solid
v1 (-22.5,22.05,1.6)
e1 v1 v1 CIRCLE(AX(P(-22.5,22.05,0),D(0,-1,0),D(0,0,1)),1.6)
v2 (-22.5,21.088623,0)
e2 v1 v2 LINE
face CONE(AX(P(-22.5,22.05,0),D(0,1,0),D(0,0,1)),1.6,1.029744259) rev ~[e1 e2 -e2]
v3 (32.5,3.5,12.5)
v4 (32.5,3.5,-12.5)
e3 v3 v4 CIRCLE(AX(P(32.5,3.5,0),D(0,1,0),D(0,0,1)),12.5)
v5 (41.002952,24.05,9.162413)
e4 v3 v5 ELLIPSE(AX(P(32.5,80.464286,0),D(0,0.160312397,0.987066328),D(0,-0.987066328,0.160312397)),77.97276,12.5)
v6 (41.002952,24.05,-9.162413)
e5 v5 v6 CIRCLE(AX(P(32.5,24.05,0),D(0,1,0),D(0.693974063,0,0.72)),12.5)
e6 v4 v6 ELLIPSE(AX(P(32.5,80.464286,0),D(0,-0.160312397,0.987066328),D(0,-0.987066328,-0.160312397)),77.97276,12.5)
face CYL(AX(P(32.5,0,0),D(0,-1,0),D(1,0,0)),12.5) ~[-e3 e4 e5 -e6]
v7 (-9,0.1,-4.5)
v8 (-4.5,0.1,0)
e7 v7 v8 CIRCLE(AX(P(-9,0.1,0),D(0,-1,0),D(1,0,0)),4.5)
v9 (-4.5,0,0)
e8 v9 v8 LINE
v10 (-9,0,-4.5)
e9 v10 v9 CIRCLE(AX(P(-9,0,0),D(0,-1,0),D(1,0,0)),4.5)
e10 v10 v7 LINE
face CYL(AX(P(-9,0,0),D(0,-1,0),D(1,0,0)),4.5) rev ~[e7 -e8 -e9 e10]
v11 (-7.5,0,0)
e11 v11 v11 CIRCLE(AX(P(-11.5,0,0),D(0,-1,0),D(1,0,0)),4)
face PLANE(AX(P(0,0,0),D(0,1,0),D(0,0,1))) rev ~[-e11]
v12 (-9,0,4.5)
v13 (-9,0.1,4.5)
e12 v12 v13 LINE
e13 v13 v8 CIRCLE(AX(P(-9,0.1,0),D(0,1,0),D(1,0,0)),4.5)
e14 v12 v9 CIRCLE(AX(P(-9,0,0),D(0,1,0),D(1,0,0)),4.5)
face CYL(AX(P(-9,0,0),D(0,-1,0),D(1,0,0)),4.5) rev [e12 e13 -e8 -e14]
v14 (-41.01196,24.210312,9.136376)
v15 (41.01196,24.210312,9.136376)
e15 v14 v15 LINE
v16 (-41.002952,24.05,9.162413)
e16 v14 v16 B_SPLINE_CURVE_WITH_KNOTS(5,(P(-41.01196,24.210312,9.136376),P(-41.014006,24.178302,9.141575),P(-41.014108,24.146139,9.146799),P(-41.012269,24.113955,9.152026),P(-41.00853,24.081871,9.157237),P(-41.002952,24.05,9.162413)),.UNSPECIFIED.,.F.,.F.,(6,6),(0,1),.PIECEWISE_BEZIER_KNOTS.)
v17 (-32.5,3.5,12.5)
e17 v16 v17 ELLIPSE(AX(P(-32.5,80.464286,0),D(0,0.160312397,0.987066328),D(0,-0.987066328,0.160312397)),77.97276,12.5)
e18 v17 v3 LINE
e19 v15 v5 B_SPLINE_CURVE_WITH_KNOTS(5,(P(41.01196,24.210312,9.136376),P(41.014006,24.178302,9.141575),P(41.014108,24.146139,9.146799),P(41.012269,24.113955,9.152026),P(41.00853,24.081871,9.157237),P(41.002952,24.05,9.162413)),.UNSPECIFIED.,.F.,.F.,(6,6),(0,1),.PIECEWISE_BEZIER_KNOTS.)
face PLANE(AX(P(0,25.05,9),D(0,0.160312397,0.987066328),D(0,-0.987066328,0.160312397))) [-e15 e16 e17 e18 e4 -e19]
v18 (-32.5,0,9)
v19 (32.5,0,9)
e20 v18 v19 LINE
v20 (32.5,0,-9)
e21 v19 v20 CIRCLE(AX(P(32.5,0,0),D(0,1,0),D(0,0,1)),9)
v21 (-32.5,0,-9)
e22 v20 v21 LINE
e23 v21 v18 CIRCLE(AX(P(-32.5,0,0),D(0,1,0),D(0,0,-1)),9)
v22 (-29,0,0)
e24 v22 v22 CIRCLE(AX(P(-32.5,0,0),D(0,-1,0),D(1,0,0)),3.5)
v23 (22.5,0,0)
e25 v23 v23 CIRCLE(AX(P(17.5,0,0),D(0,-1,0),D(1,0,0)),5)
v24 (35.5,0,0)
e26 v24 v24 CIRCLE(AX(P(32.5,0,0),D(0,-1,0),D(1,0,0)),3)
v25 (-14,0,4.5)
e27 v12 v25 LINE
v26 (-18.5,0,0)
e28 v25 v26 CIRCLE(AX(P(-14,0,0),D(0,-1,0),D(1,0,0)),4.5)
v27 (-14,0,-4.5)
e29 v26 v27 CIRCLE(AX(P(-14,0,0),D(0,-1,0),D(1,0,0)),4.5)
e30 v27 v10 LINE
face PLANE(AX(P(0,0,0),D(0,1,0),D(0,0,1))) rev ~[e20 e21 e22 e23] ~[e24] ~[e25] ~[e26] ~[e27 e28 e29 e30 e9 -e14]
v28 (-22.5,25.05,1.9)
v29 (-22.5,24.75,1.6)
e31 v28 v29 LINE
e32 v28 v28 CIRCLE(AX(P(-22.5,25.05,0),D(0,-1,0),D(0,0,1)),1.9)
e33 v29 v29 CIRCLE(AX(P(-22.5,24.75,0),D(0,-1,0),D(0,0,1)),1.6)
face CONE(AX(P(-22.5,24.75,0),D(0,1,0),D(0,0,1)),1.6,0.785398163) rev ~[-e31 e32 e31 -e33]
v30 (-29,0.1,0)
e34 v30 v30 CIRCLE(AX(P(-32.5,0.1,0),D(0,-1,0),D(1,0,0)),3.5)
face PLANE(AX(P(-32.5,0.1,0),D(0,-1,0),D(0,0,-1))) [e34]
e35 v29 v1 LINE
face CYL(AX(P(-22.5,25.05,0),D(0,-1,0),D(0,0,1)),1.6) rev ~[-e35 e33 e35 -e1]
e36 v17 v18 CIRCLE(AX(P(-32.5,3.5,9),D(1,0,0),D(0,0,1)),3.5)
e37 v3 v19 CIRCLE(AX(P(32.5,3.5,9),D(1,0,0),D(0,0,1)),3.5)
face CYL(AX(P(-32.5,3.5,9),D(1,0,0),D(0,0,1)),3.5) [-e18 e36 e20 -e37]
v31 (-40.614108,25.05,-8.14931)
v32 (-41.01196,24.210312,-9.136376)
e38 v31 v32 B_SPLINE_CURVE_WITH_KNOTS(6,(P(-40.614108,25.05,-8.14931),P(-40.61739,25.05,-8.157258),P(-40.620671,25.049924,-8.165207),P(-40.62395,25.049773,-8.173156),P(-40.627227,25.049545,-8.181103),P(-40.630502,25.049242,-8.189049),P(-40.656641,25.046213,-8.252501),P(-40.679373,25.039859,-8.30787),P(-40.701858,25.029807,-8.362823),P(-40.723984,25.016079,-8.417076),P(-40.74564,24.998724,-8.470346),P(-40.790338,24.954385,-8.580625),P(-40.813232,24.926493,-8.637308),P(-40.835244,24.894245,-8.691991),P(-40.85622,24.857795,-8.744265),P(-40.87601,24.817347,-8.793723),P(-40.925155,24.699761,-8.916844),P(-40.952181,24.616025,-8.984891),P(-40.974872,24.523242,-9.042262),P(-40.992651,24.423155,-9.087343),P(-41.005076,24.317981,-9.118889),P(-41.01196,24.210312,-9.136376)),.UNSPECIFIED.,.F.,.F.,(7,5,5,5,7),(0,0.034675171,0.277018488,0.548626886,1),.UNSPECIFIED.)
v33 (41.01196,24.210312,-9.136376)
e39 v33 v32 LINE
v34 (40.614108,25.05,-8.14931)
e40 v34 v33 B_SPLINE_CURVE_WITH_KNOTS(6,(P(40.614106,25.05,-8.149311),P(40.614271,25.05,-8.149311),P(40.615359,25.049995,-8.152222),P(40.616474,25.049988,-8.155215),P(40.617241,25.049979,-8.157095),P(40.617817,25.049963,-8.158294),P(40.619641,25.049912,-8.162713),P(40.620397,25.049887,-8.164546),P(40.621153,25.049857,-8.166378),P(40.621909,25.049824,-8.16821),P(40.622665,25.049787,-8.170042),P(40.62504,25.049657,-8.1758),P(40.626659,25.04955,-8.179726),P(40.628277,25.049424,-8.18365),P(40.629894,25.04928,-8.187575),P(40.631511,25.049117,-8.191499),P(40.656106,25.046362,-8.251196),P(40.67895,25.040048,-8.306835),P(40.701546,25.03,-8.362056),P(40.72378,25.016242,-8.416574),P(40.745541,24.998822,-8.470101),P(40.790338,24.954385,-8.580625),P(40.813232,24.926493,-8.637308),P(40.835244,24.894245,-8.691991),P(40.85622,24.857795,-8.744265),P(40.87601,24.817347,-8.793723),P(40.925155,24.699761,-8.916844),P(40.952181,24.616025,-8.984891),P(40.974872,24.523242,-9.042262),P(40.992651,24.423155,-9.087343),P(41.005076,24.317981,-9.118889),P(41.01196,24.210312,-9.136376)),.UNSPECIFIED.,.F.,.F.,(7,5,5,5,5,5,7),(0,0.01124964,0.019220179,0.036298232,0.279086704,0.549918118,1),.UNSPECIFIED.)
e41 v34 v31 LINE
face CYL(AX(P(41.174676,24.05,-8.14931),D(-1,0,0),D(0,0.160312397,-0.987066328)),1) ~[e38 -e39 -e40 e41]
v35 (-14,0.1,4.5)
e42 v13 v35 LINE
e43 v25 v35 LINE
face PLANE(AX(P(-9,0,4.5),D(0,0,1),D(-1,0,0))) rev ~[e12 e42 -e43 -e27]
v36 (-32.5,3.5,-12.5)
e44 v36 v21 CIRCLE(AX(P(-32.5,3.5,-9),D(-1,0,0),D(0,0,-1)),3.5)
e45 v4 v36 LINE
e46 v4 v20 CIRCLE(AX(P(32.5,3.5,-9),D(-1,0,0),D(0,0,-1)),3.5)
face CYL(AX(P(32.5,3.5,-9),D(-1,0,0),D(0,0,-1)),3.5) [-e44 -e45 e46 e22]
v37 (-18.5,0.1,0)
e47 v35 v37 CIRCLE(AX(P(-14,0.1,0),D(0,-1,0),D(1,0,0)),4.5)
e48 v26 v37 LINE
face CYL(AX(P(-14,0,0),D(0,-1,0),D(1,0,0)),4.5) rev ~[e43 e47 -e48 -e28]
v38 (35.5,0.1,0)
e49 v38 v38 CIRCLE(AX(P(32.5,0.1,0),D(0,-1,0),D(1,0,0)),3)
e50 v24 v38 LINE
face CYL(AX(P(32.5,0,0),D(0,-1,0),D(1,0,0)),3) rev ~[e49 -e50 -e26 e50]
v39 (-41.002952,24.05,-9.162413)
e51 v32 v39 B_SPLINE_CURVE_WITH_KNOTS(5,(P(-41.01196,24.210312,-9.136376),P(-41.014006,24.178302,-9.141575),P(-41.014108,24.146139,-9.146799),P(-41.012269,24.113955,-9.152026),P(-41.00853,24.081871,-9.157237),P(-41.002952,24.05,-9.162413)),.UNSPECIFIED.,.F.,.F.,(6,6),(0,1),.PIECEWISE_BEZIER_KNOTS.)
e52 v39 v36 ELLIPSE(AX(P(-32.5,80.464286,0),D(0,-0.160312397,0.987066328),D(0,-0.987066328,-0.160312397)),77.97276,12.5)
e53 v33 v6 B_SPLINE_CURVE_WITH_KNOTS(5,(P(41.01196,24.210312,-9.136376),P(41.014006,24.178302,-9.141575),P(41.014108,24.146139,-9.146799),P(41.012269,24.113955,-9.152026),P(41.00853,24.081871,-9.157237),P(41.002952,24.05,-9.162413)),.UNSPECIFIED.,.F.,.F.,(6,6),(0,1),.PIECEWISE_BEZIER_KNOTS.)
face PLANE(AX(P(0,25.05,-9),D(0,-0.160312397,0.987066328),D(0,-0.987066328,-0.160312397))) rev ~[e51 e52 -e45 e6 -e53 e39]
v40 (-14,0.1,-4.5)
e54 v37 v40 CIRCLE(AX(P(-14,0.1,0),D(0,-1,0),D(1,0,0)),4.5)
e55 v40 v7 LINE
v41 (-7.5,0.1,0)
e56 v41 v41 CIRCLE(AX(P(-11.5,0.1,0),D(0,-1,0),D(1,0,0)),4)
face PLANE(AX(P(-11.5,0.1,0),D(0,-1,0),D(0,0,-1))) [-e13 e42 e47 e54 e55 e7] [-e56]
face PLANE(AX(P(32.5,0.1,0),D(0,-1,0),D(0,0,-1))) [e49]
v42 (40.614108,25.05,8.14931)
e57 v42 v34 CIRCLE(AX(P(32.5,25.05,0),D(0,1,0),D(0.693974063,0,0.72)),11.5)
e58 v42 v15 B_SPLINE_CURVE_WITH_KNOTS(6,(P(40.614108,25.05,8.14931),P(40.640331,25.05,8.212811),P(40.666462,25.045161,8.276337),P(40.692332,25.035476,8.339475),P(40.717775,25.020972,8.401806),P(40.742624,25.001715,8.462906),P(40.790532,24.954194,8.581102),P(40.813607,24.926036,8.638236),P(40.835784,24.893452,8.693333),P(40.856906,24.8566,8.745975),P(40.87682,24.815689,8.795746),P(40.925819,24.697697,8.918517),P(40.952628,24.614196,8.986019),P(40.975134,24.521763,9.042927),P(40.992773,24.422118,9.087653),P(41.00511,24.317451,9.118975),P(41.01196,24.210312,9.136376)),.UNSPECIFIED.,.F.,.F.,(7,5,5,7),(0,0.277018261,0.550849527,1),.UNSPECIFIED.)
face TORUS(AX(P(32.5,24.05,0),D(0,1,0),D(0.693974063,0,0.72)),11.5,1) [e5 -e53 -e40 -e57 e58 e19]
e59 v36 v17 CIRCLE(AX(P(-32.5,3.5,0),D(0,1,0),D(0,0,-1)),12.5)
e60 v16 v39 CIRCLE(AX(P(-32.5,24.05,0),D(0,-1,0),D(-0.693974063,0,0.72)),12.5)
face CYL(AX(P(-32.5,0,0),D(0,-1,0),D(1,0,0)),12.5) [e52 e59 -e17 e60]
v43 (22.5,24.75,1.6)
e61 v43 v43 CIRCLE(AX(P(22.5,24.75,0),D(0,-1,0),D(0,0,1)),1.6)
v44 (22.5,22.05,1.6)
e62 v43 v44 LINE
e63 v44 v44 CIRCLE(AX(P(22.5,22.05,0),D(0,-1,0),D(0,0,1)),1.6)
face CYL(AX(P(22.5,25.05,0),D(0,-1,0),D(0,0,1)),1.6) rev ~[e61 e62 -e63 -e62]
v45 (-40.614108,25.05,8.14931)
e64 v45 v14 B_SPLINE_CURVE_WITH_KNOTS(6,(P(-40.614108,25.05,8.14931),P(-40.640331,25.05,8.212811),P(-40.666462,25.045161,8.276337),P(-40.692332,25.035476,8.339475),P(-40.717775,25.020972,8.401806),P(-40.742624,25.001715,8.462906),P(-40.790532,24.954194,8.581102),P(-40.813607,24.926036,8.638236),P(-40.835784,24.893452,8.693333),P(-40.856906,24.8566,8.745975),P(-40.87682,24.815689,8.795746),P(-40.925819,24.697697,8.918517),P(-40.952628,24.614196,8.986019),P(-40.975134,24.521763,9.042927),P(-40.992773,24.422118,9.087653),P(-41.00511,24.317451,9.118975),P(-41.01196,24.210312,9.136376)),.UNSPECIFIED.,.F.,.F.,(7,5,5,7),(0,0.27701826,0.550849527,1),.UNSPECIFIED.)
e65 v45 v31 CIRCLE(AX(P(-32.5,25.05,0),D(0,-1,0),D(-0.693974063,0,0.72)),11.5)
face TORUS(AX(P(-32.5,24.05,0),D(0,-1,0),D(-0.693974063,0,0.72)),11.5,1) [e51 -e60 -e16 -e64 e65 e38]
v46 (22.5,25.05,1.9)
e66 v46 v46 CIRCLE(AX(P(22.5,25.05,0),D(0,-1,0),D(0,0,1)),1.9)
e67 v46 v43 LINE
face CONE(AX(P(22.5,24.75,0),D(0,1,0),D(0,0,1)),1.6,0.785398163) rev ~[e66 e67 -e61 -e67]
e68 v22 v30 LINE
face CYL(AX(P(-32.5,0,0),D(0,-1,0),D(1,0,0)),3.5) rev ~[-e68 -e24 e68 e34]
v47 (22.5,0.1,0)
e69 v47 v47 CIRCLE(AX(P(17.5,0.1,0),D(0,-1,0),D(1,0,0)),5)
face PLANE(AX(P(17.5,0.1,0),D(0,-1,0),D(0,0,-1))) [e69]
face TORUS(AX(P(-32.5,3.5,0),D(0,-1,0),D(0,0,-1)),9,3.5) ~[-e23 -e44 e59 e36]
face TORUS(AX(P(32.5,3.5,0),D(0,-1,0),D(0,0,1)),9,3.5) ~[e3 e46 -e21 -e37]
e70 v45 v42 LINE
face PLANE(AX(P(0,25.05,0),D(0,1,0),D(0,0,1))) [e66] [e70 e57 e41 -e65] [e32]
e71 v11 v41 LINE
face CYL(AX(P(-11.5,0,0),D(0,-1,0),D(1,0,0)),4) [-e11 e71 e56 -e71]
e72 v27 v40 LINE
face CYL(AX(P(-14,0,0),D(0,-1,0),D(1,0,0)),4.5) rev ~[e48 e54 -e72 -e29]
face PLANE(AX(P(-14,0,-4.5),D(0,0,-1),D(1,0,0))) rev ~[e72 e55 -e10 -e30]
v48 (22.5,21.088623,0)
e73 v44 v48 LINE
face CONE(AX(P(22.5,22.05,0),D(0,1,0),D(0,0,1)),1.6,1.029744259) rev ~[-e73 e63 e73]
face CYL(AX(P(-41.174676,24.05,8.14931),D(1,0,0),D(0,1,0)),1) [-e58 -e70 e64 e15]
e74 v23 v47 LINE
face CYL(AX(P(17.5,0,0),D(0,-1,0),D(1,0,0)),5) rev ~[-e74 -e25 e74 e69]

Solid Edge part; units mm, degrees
sketch "Sketch1" plane through (0, 0, 0) normal (0, -1, 0) x (1, 0, 0)
  arc A0 (32.5, 12.5) -> (32.5, -12.5) centre (32.5, 0) cw
  line L0 (-32.5, -12.5) -> (32.5, -12.5)
  arc A1 (-32.5, 12.5) -> (-32.5, -12.5) centre (-32.5, 0) ccw
  line L1 (-32.5, 12.5) -> (32.5, 12.5)
extrude "Protrusion1" add sketch "Sketch1" against normal blind 25.05
hole "Hole_3" at (22.5, 25.05, 0) direction (0, -1, 0) diameter 3.2 depth 3 tip angle 118 start chamfer 0.3 start chamfer angle 45
hole "Hole1" at (-22.5, 25.05, 0) direction (0, -1, 0) diameter 3.2 depth 3 tip angle 118 start chamfer 0.3 start chamfer angle 45
fillet "Round_2" radius 3.5 4 edges at (0, 0, 12.5) (45, 0, 0) (0, 0, -12.5) (-45, 0, 0)
sketch "Sketch2" plane through (0, 0, 0) normal (-1, 0, 0) x (0, -1, 0)
  line L0 (-3.5, 12.5) -> (-25.05, 12.5)
  line L1 (-25.05, 12.5) -> (-25.05, 9)
  line L2 (-25.05, 9) -> (-3.5, 12.5)
  line L3 (-25.05, -9) -> (-3.5, -12.5)
  line L4 (-3.5, -12.5) -> (-25.05, -12.5)
  line L5 (-25.05, -12.5) -> (-25.05, -9)
extrude "ExtrudedCutout_2" cut sketch "Sketch2" along normal mid plane 84
fillet "Round_4" radius 1 4 edges at (0, 25.05, 9) (-45, 25.05, 0) (0, 25.05, -9) (45, 25.05, 0)
sketch "Sketch3" plane through (0, 0, 0) normal (0, -1, 0) x (1, 0, 0)
  circle A0 centre (-32.5, 0) radius 3.5
  circle A1 centre (-11.5, 0) radius 4
  line L0 (-14, -4.5) -> (-9, -4.5)
  arc A2 (-9, -4.5) -> (-4.5, 0) centre (-9, 0) ccw
  arc A3 (-9, 4.5) -> (-4.5, 0) centre (-9, 0) cw
  line L1 (-9, 4.5) -> (-14, 4.5)
  arc A4 (-14, 4.5) -> (-18.5, 0) centre (-14, 0) ccw
  arc A5 (-18.5, 0) -> (-14, -4.5) centre (-14, 0) ccw
  circle A6 centre (17.5, 0) radius 5
  circle A7 centre (32.5, 0) radius 3
extrude "ExtrudedCutout_3" cut sketch "Sketch3" against normal blind 0.1
